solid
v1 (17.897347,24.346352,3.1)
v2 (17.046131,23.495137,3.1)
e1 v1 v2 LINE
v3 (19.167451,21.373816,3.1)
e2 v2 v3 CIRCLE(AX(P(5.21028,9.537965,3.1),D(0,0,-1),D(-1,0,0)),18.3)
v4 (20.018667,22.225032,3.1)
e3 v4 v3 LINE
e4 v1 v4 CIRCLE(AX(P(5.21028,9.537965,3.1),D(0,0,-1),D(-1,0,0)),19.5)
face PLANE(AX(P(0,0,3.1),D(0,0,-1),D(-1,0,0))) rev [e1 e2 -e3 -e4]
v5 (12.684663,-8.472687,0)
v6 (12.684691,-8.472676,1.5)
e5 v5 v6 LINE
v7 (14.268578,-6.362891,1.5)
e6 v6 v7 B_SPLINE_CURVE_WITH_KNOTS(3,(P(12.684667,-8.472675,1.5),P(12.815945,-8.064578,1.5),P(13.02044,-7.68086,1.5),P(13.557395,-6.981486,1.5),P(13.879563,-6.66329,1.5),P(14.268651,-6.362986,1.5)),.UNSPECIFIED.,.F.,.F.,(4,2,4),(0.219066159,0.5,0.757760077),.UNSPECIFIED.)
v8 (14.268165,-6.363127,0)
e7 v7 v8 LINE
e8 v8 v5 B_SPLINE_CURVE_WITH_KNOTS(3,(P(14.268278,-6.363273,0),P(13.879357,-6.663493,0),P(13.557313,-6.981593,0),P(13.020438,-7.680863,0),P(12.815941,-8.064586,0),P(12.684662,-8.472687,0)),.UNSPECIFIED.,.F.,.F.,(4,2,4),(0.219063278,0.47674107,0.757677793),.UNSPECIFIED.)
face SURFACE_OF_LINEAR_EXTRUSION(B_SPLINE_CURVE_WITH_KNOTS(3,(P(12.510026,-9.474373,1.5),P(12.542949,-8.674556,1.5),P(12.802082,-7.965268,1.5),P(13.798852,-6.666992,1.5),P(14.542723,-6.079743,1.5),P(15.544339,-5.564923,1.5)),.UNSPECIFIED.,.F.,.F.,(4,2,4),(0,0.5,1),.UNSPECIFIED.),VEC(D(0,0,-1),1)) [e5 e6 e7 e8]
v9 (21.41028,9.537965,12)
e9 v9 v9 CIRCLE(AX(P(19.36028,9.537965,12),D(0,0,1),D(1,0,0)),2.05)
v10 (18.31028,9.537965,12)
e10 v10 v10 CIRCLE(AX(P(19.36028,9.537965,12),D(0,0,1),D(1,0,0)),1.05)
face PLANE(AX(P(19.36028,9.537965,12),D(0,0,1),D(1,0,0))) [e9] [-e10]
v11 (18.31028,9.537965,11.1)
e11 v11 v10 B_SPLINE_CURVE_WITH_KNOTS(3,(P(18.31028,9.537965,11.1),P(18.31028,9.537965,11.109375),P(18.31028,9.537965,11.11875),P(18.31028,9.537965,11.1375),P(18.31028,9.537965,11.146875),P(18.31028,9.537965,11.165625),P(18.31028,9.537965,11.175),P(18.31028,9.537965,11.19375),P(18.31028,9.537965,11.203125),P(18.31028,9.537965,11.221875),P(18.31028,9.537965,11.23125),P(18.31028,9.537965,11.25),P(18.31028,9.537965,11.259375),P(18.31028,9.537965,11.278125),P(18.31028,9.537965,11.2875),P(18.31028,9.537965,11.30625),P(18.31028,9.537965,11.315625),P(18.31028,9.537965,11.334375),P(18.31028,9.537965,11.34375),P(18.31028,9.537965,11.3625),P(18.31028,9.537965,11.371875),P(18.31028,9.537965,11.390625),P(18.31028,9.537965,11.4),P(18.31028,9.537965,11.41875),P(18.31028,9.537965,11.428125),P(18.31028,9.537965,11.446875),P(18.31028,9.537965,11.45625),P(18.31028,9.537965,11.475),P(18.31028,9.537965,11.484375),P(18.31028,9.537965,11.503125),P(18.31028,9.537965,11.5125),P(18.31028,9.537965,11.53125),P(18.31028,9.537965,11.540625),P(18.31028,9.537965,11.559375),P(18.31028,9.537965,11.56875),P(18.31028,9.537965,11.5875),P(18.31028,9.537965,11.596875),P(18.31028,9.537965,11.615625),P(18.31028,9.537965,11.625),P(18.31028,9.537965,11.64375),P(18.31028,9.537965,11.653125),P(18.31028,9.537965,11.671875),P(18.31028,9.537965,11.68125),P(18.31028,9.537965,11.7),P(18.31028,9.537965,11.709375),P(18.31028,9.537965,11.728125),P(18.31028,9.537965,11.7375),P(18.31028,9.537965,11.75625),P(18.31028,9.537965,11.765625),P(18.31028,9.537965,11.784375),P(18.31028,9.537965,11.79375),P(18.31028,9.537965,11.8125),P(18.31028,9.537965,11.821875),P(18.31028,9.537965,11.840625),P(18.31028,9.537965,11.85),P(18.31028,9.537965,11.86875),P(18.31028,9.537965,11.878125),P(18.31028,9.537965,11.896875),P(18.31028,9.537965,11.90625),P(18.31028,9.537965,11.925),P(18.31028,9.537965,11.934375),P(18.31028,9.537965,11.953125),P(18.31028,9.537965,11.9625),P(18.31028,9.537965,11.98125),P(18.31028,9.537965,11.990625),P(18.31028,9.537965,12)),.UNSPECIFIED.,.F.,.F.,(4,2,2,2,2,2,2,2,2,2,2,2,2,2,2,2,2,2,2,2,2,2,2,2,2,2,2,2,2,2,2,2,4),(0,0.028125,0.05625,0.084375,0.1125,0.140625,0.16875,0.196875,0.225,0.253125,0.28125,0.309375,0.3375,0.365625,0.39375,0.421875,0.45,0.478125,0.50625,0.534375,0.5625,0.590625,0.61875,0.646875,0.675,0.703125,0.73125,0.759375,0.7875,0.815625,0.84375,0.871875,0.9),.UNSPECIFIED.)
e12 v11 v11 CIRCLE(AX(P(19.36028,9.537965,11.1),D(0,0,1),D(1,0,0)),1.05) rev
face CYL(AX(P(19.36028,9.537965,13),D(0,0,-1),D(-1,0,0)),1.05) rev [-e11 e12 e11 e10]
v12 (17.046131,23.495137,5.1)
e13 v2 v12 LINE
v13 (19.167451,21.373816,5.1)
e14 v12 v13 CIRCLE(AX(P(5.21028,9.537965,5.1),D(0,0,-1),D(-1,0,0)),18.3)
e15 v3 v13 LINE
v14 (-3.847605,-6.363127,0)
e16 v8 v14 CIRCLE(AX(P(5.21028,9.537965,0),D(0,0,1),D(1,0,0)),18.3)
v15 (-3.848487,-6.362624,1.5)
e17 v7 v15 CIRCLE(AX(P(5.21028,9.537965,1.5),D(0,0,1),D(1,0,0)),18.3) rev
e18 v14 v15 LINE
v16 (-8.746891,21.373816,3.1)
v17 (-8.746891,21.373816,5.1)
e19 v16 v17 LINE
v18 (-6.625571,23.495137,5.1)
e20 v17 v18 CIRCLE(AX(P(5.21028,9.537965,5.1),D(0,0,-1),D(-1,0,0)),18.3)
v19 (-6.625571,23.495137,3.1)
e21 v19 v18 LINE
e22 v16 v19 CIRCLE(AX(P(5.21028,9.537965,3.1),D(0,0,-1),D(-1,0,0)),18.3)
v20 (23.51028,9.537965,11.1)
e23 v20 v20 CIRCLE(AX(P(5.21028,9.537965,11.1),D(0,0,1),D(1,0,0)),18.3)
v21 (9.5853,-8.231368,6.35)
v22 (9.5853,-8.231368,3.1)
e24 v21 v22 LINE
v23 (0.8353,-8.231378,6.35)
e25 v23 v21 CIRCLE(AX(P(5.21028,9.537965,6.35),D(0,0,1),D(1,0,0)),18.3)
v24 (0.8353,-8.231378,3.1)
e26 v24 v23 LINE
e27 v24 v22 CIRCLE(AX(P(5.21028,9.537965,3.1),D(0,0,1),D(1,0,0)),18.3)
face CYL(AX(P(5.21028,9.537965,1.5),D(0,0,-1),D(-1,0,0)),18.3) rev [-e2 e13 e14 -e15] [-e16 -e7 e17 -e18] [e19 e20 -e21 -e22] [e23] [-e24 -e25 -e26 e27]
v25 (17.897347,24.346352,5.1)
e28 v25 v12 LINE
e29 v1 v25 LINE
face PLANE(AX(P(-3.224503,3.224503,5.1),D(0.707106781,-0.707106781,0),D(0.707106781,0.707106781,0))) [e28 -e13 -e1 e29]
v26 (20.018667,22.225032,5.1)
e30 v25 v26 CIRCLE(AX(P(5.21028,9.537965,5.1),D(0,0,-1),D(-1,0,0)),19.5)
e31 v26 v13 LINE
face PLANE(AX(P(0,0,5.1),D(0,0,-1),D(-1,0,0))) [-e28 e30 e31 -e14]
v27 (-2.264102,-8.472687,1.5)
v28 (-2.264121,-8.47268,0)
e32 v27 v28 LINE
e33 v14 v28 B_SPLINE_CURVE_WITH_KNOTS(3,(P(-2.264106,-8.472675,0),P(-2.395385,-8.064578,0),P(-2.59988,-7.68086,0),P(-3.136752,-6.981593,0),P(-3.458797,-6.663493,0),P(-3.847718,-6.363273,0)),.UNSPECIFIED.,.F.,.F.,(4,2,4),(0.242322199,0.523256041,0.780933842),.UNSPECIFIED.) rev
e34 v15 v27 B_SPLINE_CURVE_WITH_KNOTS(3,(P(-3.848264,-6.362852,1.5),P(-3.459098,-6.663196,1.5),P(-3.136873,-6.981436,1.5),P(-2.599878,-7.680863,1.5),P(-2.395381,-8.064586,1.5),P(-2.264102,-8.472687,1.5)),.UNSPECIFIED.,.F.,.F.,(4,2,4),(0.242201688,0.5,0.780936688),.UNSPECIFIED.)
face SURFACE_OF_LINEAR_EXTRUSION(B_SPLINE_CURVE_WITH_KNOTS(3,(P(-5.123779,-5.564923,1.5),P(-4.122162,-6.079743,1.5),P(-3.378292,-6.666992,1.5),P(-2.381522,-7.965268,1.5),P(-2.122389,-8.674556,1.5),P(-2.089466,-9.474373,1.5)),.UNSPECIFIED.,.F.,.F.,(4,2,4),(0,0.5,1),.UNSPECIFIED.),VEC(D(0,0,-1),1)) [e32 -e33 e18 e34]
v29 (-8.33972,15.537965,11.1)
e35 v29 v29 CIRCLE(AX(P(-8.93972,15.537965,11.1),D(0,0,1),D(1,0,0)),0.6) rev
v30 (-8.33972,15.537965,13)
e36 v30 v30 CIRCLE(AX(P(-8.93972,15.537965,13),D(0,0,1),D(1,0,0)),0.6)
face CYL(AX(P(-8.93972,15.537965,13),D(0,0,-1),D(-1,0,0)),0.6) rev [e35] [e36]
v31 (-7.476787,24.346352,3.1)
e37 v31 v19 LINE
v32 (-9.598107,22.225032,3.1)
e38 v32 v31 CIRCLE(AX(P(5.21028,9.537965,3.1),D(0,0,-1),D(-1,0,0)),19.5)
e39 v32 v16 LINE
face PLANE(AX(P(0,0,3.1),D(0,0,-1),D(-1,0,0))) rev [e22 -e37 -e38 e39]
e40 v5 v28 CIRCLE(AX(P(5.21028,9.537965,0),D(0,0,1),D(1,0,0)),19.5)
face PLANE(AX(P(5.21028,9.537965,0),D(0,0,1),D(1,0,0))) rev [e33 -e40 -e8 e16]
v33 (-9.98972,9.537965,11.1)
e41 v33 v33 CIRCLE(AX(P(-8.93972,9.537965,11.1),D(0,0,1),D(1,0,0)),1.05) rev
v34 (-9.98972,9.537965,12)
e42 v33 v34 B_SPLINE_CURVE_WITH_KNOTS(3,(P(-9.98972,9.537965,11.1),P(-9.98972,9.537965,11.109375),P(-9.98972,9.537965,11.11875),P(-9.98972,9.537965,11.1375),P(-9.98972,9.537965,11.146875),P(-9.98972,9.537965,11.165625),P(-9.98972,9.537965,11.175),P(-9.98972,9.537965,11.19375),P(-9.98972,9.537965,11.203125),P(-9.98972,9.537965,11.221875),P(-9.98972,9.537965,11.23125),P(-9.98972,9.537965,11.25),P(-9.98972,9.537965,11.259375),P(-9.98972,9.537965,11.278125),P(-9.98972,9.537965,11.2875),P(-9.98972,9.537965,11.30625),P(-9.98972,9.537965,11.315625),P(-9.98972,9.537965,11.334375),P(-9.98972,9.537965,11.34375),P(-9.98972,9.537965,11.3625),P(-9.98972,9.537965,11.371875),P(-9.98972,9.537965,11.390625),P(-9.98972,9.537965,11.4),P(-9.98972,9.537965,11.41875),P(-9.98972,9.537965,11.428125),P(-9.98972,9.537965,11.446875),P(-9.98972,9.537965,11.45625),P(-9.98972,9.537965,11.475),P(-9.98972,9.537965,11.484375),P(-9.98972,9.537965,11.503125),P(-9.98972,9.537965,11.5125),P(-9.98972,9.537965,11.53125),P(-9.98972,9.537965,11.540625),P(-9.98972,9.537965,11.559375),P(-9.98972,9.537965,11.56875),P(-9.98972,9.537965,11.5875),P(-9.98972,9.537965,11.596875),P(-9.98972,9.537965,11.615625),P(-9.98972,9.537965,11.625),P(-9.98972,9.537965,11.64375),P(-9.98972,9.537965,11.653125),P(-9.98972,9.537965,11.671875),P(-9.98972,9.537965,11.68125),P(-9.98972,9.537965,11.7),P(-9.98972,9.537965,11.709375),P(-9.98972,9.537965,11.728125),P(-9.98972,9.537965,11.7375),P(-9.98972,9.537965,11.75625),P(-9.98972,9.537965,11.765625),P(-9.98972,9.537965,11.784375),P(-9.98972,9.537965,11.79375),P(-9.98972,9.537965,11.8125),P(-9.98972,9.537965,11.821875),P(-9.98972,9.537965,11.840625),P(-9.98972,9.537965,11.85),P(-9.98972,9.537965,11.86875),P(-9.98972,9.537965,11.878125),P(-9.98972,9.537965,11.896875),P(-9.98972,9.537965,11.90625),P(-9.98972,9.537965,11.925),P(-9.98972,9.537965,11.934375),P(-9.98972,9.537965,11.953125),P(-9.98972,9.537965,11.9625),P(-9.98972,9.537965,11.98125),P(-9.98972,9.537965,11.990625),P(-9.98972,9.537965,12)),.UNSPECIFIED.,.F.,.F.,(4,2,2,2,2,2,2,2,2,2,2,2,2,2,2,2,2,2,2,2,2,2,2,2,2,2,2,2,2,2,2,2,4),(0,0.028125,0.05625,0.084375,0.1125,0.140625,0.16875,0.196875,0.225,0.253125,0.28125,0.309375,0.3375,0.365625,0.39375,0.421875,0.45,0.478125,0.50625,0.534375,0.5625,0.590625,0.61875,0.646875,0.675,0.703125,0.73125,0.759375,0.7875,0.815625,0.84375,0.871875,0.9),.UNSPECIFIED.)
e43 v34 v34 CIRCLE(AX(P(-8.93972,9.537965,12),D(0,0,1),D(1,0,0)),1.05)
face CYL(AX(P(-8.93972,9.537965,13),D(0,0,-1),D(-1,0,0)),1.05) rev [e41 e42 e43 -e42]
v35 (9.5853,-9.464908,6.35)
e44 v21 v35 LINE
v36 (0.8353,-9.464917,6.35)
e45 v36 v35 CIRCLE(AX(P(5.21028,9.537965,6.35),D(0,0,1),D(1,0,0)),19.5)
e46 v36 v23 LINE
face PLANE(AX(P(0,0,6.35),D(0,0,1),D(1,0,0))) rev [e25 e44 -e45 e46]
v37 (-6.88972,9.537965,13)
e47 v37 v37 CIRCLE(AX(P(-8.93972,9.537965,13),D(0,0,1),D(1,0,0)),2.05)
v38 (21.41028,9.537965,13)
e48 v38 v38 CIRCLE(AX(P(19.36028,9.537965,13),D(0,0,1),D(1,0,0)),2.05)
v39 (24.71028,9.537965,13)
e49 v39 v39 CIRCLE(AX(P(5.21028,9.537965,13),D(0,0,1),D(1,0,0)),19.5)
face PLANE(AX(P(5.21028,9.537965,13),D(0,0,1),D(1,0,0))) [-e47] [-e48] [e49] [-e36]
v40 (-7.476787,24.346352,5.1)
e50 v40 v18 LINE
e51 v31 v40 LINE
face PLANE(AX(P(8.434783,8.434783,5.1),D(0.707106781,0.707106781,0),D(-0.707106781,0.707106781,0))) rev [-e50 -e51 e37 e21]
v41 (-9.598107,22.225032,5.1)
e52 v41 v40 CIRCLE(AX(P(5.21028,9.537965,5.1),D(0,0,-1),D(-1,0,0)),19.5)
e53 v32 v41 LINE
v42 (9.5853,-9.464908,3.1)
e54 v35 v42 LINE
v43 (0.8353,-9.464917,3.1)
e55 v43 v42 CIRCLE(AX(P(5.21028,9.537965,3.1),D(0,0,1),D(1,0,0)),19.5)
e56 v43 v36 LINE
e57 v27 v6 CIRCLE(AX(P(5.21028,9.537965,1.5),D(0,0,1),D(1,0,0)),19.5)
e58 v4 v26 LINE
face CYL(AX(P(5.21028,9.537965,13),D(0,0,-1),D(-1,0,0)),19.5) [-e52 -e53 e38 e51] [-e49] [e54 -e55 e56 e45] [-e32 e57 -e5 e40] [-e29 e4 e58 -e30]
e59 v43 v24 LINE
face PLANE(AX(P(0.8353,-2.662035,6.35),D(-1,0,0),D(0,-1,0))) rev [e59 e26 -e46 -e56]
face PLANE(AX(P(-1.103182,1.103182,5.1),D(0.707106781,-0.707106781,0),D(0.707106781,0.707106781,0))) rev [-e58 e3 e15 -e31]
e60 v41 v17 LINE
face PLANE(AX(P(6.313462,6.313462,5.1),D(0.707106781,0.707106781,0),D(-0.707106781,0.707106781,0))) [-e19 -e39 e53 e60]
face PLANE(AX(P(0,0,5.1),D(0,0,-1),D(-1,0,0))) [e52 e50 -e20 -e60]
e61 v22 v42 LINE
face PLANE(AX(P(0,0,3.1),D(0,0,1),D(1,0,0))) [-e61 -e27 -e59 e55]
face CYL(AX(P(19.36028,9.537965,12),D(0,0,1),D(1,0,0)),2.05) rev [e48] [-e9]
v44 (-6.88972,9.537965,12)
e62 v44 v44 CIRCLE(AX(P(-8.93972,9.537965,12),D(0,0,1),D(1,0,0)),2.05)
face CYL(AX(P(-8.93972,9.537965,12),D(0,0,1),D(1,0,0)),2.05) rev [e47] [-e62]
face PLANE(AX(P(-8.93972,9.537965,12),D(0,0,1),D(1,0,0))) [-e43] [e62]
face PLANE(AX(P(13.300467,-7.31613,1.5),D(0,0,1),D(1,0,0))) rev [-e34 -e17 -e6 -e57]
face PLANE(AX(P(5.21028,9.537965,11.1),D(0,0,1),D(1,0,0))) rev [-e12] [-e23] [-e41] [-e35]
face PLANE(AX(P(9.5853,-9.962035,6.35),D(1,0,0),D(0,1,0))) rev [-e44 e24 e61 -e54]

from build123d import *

# Parameters (mm, degrees)
SKETCH_2_R          = 19.5
EXTRUDE_1_DEPTH     = 13
CUT_EXTRUDE_1_DEPTH = 1.5
SKETCH_4_R          = 18.3
CUT_EXTRUDE_2_DEPTH = 11.1
SKETCH_5_R          = 1.05
SKETCH_5_R_2        = 0.6
CUT_EXTRUDE_3_DEPTH = 41.284008974
SKETCH_6_R          = 2.05
CUT_EXTRUDE_4_DEPTH = 1
SKETCH_8_W          = 8.75
SKETCH_8_H          = 7.3
CUT_EXTRUDE_5_DEPTH = 3.25
CUT_EXTRUDE_6_DEPTH = 2


with BuildPart() as part:
    # 草图2 → 凸台-拉伸1 (new body)
    with BuildSketch(Plane.XY):
        with Locations(Location((5.210280057, 9.537965238, 0), (0, 0, 180))):
            Circle(SKETCH_2_R)
    extrude(amount=EXTRUDE_1_DEPTH)

    # 草图3 → 切除-拉伸1 (cut)
    with BuildSketch(Plane.XY):
        with BuildLine():
            ThreePointArc((-2.089466108, -9.474373158), (5.210280057, -10.827576871), (12.510026223, -9.474373158))
            add(Edge.make_bspline(
                [(12.510026223, -9.474373158), (12.542948952, -8.674555972), (12.802081824, -7.965268064), (13.798852187, -6.666991519), (14.542722505, -6.079743438), (15.544339227, -5.564922601)],
                knots=[0, 0, 0, 0, 0.5, 0.5, 1, 1, 1, 1], degree=3))
            ThreePointArc((15.544339227, -5.564922601), (5.210280058, 27.837965238), (-5.123779113, -5.564922601))
            add(Edge.make_bspline(
                [(-5.123779113, -5.564922601), (-4.122162391, -6.079743437), (-3.378292072, -6.666991518), (-2.381521709, -7.965268064), (-2.122388837, -8.674555972), (-2.089466108, -9.474373158)],
                knots=[0, 0, 0, 0, 0.5, 0.5, 1, 1, 1, 1], degree=3))
        make_face()
    extrude(amount=CUT_EXTRUDE_1_DEPTH, mode=Mode.SUBTRACT)

    # 草图4 → 切除-拉伸2 (cut)
    with BuildSketch(Plane.XY):
        with Locations(Location((5.210280057, 9.537965238, 0), (0, 0, 240.328288749))):
            Circle(SKETCH_4_R)
    extrude(amount=CUT_EXTRUDE_2_DEPTH, mode=Mode.SUBTRACT)

    # 草图5 → 切除-拉伸3 (cut, through all)
    with BuildSketch(Plane.XY):
        with Locations(Location((19.360280057, 9.537965238, 0), (0, 0, 180))):
            Circle(SKETCH_5_R)
        with Locations(Location((-8.939719943, 9.537965238, 0), (0, 0, 180))):
            Circle(SKETCH_5_R)
        with Locations((-8.939719943, 15.537965238)):
            Circle(SKETCH_5_R_2)
    extrude(amount=CUT_EXTRUDE_3_DEPTH, mode=Mode.SUBTRACT)

    # 草图6 → 切除-拉伸4 (cut)
    with BuildSketch(Plane.XY.offset(13)):
        with Locations((-8.939719943, 9.537965238)):
            Circle(SKETCH_6_R)
        with Locations((19.360280057, 9.537965238)):
            Circle(SKETCH_6_R)
    extrude(amount=-CUT_EXTRUDE_4_DEPTH, mode=Mode.SUBTRACT)

    # 草图8 → 切除-拉伸5 (cut)
    with BuildSketch(Plane(origin=(0, 0, 3.1), x_dir=(-1, 0, 0), z_dir=(0, 0, -1))):
        with Locations((-5.210300293, -6.312034762)):
            Rectangle(SKETCH_8_W, SKETCH_8_H)
    extrude(amount=-CUT_EXTRUDE_5_DEPTH, mode=Mode.SUBTRACT)

    # 草图9 → 切除-拉伸6 (cut)
    with BuildSketch(Plane(origin=(0, 0, 3.1), x_dir=(-1, 0, 0), z_dir=(0, 0, -1))):
        with BuildLine():
            ThreePointArc((-20.059522462, 24.387207643), (-20.580706206, 23.847053259), (-21.082253473, 23.28861831))
            Line((-21.082253473, 23.28861831), (-18.998862291, 21.205227127))
            Line((-18.998862291, 21.205227127), (-17.938202119, 22.265887299))
            Line((-17.938202119, 22.265887299), (-16.877541947, 23.326547471))
            Line((-16.877541947, 23.326547471), (-18.960933129, 25.409938653))
            ThreePointArc((-18.960933129, 25.409938653), (-19.519368079, 24.908391387), (-20.059522462, 24.387207643))
        make_face()
        with BuildLine():
            Line((8.578302176, 21.205227127), (10.661693358, 23.28861831))
            ThreePointArc((10.661693358, 23.28861831), (10.160146112, 23.847053237), (9.638962389, 24.387207601))
            ThreePointArc((9.638962389, 24.387207601), (9.098807986, 24.908391366), (8.540373014, 25.409938653))
            Line((8.540373014, 25.409938653), (6.456981832, 23.326547471))
            Line((6.456981832, 23.326547471), (7.517642025, 22.265887278))
            Line((7.517642025, 22.265887278), (8.578302176, 21.205227127))
        make_face()
    extrude(amount=-CUT_EXTRUDE_6_DEPTH, mode=Mode.SUBTRACT)


solid = part.part
